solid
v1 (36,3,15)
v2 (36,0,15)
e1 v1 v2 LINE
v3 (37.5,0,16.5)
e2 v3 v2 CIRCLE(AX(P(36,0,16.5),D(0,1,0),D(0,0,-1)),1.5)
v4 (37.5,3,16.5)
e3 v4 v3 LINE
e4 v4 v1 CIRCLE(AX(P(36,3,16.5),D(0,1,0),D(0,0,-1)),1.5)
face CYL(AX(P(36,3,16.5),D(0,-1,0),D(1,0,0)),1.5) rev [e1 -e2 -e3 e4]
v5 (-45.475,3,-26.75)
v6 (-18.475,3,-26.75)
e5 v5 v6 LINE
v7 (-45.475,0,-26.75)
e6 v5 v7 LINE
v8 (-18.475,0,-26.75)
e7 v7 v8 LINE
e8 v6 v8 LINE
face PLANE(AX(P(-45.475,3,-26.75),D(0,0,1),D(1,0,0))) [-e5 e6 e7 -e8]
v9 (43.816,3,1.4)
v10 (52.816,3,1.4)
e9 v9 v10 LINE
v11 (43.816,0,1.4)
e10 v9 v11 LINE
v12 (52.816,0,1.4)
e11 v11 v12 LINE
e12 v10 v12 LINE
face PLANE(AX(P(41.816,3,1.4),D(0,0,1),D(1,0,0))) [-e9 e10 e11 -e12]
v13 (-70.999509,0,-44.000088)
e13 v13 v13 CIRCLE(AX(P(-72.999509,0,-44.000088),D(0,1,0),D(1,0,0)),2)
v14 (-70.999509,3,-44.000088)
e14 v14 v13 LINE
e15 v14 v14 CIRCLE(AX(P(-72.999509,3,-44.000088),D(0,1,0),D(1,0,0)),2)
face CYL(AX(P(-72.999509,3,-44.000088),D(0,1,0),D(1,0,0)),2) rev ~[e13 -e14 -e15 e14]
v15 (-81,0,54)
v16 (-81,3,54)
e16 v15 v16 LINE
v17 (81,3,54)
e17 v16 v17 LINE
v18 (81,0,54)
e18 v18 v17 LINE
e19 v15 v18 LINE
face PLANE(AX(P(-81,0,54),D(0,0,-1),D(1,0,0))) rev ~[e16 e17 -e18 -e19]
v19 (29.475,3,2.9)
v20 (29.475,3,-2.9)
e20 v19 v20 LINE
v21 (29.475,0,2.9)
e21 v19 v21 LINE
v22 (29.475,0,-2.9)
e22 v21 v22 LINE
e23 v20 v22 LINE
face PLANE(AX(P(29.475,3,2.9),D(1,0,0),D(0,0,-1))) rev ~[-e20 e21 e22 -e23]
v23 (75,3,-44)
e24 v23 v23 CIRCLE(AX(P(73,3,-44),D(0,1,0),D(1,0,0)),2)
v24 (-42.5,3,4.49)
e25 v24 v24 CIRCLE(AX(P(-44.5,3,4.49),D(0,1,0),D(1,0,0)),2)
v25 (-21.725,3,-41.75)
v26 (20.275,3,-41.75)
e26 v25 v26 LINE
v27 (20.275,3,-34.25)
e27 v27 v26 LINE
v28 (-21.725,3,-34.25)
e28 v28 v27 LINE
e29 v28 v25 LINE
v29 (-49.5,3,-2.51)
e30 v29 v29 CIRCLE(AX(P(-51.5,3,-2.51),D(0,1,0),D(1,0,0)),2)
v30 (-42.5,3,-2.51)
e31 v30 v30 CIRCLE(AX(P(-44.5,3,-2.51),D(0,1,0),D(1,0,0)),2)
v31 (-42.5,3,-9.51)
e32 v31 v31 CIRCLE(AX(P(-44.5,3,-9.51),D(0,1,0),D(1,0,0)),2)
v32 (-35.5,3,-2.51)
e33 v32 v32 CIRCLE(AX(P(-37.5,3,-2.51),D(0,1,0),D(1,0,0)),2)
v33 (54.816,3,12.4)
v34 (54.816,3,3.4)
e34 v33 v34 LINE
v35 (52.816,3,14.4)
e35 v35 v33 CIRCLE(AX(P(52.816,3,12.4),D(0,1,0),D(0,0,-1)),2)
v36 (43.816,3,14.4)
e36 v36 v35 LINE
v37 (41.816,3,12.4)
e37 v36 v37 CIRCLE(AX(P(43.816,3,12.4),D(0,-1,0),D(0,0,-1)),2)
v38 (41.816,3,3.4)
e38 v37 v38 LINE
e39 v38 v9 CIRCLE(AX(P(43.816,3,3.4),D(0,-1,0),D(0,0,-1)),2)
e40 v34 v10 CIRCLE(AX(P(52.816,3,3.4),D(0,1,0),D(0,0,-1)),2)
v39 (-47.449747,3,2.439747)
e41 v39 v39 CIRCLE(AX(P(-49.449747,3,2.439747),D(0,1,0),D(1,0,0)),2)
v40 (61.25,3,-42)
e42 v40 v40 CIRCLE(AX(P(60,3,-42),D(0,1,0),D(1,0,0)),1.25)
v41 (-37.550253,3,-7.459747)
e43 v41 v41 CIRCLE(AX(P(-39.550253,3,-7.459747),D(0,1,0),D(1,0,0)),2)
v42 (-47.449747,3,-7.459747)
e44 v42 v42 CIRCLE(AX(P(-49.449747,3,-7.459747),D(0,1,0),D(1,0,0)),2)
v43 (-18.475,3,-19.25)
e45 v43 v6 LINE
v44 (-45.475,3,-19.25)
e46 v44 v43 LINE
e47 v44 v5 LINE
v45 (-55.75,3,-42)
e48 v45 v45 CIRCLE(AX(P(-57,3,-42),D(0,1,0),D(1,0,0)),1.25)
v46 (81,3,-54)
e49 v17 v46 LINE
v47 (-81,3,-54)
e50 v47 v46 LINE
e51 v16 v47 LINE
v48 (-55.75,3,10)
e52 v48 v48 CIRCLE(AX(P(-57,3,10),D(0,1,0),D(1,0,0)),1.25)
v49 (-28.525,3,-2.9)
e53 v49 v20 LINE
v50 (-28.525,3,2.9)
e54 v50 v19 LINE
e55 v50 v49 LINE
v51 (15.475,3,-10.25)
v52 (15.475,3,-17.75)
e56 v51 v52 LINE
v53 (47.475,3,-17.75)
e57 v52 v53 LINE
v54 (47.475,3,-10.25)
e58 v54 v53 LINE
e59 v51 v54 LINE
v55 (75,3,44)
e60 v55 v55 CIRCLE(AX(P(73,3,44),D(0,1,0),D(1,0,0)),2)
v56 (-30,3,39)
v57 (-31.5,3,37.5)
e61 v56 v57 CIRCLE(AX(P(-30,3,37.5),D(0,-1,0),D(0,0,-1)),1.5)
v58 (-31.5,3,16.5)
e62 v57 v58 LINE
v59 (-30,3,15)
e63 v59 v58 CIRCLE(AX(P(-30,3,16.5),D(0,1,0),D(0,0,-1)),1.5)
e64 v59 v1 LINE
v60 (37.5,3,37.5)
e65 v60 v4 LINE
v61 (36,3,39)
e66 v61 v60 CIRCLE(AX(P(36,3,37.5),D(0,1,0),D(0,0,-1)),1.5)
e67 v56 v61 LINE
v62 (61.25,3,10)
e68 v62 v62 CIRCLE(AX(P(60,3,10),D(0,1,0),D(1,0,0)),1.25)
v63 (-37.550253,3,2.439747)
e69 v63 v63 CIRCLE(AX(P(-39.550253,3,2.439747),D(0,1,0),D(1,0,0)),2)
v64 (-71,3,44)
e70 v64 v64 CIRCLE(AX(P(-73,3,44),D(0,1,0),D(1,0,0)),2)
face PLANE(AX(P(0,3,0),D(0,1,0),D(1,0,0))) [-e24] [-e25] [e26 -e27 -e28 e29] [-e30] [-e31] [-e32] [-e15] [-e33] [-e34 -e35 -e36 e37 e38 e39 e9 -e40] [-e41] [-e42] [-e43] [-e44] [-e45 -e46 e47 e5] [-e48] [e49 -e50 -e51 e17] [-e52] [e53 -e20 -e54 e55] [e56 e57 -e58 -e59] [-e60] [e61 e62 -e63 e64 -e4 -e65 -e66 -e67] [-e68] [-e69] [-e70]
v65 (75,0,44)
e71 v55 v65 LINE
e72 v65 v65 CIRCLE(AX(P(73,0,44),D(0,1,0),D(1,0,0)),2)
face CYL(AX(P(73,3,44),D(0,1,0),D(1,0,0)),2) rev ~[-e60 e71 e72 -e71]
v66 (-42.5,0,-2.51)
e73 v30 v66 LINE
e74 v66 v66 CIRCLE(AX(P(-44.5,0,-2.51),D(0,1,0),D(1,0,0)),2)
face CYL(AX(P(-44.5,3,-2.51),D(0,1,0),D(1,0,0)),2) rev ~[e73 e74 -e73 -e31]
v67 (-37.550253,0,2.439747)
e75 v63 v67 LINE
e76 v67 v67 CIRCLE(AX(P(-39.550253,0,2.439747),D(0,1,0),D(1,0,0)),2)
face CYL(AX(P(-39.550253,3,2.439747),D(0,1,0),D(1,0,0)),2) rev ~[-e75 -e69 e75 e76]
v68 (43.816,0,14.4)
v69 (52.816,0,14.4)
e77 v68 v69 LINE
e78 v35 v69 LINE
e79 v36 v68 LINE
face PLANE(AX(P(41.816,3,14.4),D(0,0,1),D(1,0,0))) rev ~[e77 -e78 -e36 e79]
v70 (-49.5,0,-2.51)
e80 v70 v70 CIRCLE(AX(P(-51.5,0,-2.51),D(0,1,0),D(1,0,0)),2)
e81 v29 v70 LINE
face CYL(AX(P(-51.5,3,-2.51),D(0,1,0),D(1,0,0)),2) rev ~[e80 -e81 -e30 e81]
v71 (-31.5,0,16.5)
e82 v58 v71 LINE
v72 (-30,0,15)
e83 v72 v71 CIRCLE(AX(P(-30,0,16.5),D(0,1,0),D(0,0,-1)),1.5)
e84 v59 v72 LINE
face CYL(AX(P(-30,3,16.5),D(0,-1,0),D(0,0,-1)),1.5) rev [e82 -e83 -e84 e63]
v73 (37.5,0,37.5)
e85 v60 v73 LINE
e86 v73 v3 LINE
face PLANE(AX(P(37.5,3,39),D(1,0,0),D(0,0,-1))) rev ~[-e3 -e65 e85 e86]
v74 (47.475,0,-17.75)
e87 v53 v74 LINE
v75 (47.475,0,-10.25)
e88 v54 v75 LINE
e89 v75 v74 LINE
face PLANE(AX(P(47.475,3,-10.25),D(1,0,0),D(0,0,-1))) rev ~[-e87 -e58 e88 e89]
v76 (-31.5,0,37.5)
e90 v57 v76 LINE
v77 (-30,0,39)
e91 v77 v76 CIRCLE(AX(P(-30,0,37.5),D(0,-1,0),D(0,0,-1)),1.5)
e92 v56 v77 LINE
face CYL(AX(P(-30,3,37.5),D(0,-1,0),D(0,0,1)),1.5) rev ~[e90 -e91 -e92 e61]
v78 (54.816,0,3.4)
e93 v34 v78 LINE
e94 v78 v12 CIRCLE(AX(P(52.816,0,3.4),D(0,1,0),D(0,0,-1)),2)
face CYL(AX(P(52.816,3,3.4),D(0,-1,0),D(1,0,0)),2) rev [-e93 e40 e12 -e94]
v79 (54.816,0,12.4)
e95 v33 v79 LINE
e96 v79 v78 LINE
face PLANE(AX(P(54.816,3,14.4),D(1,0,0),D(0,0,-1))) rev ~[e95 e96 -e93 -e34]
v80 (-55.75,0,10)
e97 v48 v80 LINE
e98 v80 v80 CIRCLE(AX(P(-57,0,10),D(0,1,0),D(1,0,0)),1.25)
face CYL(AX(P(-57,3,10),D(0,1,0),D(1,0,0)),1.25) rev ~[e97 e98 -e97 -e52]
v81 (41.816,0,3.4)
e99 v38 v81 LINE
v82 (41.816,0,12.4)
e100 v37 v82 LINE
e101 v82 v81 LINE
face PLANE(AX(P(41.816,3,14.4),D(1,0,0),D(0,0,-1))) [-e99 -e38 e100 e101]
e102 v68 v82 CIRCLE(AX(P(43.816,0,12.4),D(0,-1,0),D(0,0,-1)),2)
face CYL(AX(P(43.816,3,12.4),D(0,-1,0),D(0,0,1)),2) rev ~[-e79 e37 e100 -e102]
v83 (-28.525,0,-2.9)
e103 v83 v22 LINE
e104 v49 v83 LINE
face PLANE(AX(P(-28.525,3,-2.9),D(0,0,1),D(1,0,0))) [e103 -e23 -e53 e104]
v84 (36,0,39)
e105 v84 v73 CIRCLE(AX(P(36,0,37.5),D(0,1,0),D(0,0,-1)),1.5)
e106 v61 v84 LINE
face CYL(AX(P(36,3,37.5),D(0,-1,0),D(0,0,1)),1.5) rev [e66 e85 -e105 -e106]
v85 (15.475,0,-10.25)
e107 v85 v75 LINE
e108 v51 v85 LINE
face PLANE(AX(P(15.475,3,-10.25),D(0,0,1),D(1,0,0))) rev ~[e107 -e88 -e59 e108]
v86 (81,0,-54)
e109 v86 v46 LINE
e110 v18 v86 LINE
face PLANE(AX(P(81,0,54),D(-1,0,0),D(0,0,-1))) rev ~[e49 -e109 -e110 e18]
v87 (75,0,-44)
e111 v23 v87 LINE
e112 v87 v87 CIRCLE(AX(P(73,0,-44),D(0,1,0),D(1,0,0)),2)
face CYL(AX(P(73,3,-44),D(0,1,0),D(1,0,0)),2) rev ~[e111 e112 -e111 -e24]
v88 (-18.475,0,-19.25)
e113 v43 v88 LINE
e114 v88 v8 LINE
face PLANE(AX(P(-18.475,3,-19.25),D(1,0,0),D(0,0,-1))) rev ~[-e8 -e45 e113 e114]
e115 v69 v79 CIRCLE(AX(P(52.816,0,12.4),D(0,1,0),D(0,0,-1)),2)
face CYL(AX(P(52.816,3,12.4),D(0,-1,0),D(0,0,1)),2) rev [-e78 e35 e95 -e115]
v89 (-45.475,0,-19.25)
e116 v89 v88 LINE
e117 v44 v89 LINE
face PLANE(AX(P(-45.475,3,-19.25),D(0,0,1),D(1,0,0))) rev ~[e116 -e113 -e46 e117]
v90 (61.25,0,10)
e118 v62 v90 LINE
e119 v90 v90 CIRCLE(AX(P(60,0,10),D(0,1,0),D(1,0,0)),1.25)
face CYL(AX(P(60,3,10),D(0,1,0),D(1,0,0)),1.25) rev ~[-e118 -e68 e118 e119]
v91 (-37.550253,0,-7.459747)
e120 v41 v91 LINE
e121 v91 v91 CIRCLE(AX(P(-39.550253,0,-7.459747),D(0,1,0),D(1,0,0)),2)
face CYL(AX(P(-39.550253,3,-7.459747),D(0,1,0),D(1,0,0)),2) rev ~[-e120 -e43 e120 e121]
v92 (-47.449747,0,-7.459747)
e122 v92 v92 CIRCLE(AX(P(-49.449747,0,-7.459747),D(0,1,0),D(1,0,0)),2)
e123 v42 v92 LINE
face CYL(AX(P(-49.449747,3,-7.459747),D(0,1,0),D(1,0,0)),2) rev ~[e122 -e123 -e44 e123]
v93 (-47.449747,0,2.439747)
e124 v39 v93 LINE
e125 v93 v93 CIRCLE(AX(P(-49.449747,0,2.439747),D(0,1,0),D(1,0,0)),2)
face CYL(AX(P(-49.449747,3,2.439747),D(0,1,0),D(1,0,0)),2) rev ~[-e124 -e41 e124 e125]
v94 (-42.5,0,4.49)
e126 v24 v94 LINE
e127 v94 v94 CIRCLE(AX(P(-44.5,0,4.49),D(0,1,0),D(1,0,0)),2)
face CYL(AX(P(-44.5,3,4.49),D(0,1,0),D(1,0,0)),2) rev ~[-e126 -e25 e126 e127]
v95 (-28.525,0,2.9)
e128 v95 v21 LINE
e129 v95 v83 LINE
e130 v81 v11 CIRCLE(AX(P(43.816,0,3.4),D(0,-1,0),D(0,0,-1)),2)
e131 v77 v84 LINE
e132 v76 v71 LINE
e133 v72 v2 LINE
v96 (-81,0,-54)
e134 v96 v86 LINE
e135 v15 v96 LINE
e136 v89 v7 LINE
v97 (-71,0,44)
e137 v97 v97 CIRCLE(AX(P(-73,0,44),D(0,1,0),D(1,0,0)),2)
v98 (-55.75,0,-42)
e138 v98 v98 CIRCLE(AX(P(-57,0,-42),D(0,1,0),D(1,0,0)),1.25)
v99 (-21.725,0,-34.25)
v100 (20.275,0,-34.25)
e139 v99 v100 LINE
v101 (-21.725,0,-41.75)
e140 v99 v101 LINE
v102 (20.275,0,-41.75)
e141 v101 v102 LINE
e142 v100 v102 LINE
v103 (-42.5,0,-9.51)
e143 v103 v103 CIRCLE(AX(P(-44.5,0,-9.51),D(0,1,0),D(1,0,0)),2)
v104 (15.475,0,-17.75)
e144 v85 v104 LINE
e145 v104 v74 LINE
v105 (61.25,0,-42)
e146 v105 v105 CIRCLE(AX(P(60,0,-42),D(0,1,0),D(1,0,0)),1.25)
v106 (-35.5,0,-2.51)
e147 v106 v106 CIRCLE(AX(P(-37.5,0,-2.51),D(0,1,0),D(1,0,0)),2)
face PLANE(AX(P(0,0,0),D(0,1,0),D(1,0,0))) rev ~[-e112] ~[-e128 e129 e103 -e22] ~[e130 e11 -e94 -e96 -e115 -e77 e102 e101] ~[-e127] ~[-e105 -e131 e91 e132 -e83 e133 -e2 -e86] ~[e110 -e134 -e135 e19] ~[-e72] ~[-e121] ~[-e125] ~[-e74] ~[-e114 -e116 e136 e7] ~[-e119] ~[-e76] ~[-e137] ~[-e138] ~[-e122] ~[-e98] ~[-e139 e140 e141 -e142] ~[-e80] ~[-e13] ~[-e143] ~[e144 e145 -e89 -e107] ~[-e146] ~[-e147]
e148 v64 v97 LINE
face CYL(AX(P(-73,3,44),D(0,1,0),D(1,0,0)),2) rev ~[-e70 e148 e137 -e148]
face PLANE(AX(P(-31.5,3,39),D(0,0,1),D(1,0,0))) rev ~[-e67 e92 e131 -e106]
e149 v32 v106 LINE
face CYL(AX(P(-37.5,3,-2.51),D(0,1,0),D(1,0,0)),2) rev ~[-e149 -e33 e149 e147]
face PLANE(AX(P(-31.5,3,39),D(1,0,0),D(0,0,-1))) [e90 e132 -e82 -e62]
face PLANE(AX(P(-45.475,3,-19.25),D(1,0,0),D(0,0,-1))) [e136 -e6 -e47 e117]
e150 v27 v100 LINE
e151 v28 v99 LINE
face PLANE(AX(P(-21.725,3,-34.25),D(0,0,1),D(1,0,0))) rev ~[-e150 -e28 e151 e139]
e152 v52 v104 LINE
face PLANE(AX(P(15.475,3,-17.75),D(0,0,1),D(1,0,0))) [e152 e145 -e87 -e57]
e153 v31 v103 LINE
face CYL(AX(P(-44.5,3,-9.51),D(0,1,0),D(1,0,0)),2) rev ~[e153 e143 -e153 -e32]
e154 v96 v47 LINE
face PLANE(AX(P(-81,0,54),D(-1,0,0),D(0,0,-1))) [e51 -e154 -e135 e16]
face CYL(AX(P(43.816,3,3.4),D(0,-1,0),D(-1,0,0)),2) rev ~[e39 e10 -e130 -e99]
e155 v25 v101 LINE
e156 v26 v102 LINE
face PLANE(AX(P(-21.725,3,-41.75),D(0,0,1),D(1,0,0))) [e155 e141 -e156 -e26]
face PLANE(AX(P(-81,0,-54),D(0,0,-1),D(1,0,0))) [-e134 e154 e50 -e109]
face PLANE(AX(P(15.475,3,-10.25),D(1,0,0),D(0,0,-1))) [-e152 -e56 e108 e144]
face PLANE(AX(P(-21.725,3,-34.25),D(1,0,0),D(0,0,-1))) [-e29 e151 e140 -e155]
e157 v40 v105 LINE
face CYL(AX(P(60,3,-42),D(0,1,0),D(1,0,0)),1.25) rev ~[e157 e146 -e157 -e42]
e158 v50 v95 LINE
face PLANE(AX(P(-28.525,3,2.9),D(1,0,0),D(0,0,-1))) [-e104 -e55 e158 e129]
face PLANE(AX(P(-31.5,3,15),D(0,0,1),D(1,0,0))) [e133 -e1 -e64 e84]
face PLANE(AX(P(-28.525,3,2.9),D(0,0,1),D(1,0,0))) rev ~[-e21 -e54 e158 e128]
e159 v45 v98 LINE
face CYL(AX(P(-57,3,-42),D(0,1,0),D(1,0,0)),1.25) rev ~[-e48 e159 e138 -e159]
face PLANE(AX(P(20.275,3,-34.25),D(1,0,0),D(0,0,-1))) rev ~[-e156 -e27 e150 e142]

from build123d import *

# Parameters (mm, degrees)
SKETCH_1_W             = 162
SKETCH_1_H             = 108
EXTRUDE_1_DEPTH        = 3
SKETCH_2_R             = 2
SKETCH_2_W             = 42
SKETCH_2_H             = 7.5
SKETCH_2_W_2           = 27
SKETCH_2_W_3           = 32
SKETCH_2_W_4           = 58
SKETCH_2_H_2           = 5.8
SKETCH_2_W_5           = 69
SKETCH_2_H_3           = 24
SKETCH_2_W_6           = 13
SKETCH_2_H_4           = 13
CUT_EXTRUDE_2448_DEPTH = 4
FILLET_1_R             = 1.5
SKETCH_3_R             = 1.25
CUT_EXTRUDE_3312_DEPTH = 4
SKETCH_4_R             = 2
CUT_EXTRUDE_4190_DEPTH = 4
FILLET_2_R             = 2


with BuildPart() as part:
    # Эскиз1 → Бобышка-Вытянуть1 (new body)
    with BuildSketch(Plane(origin=(0, 0, 0), x_dir=(1, 0, 0), z_dir=(0, 1, 0))):
        Rectangle(SKETCH_1_W, SKETCH_1_H)
    extrude(amount=EXTRUDE_1_DEPTH)

    # Эскиз2 → Cut-Extrude 2448 (cut, through all)
    with BuildSketch(Plane(origin=(0, 3, 0), x_dir=(1, 0, 0), z_dir=(0, 1, 0))):
        with Locations((-72.99950864, 44.00008818)):
            Circle(SKETCH_2_R)
        with Locations((73, 44)):
            Circle(SKETCH_2_R)
        with Locations((-73, -44)):
            Circle(SKETCH_2_R)
        with Locations((73, -44)):
            Circle(SKETCH_2_R)
        with Locations((-0.725, 38)):
            Rectangle(SKETCH_2_W, SKETCH_2_H)
        with Locations((-31.975, 23)):
            Rectangle(SKETCH_2_W_2, SKETCH_2_H)
        with Locations((31.475, 14)):
            Rectangle(SKETCH_2_W_3, SKETCH_2_H)
        with Locations((0.475, 0)):
            Rectangle(SKETCH_2_W_4, SKETCH_2_H_2)
        with Locations((3, -27)):
            Rectangle(SKETCH_2_W_5, SKETCH_2_H_3)
        with Locations((48.316, -7.9)):
            Rectangle(SKETCH_2_W_6, SKETCH_2_H_4)
    extrude(amount=-CUT_EXTRUDE_2448_DEPTH, mode=Mode.SUBTRACT)

    # Скругление1
    fillet_1_edges = [part.edges().sort_by_distance(p)[0] for p in [
        (-31.5, 1.5, 39),
        (-31.5, 1.5, 15),
        (37.5, 1.5, 15),
        (37.5, 1.5, 39),
    ]]
    fillet(fillet_1_edges, radius=FILLET_1_R)

    # Эскиз3 → Cut-Extrude 3312 (cut, through all)
    with BuildSketch(Plane(origin=(0, 3, 0), x_dir=(1, 0, 0), z_dir=(0, 1, 0))):
        with Locations((-57, 42)):
            Circle(SKETCH_3_R)
        with Locations((-57, -10)):
            Circle(SKETCH_3_R)
        with Locations((60, 42)):
            Circle(SKETCH_3_R)
        with Locations((60, -10)):
            Circle(SKETCH_3_R)
    extrude(amount=-CUT_EXTRUDE_3312_DEPTH, mode=Mode.SUBTRACT)

    # Эскиз4 → Cut-Extrude 4190 (cut, through all)
    with BuildSketch(Plane(origin=(0, 3, 0), x_dir=(1, 0, 0), z_dir=(0, 1, 0))):
        with Locations((-44.5, 2.51)):
            Circle(SKETCH_4_R)
        with Locations((-51.5, 2.51)):
            Circle(SKETCH_4_R)
        with Locations((-49.449747468, 7.459747468)):
            Circle(SKETCH_4_R)
        with Locations((-44.5, 9.51)):
            Circle(SKETCH_4_R)
        with Locations((-39.550252532, 7.459747468)):
            Circle(SKETCH_4_R)
        with Locations((-37.5, 2.51)):
            Circle(SKETCH_4_R)
        with Locations((-39.550252532, -2.439747468)):
            Circle(SKETCH_4_R)
        with Locations((-44.5, -4.49)):
            Circle(SKETCH_4_R)
        with Locations((-49.449747468, -2.439747468)):
            Circle(SKETCH_4_R)
    extrude(amount=-CUT_EXTRUDE_4190_DEPTH, mode=Mode.SUBTRACT)

    # Скругление2
    fillet_2_edges = [part.edges().sort_by_distance(p)[0] for p in [
        (41.816, 1.5, 14.4),
        (41.816, 1.5, 1.4),
        (54.816, 1.5, 1.4),
        (54.816, 1.5, 14.4),
    ]]
    fillet(fillet_2_edges, radius=FILLET_2_R)


solid = part.part
